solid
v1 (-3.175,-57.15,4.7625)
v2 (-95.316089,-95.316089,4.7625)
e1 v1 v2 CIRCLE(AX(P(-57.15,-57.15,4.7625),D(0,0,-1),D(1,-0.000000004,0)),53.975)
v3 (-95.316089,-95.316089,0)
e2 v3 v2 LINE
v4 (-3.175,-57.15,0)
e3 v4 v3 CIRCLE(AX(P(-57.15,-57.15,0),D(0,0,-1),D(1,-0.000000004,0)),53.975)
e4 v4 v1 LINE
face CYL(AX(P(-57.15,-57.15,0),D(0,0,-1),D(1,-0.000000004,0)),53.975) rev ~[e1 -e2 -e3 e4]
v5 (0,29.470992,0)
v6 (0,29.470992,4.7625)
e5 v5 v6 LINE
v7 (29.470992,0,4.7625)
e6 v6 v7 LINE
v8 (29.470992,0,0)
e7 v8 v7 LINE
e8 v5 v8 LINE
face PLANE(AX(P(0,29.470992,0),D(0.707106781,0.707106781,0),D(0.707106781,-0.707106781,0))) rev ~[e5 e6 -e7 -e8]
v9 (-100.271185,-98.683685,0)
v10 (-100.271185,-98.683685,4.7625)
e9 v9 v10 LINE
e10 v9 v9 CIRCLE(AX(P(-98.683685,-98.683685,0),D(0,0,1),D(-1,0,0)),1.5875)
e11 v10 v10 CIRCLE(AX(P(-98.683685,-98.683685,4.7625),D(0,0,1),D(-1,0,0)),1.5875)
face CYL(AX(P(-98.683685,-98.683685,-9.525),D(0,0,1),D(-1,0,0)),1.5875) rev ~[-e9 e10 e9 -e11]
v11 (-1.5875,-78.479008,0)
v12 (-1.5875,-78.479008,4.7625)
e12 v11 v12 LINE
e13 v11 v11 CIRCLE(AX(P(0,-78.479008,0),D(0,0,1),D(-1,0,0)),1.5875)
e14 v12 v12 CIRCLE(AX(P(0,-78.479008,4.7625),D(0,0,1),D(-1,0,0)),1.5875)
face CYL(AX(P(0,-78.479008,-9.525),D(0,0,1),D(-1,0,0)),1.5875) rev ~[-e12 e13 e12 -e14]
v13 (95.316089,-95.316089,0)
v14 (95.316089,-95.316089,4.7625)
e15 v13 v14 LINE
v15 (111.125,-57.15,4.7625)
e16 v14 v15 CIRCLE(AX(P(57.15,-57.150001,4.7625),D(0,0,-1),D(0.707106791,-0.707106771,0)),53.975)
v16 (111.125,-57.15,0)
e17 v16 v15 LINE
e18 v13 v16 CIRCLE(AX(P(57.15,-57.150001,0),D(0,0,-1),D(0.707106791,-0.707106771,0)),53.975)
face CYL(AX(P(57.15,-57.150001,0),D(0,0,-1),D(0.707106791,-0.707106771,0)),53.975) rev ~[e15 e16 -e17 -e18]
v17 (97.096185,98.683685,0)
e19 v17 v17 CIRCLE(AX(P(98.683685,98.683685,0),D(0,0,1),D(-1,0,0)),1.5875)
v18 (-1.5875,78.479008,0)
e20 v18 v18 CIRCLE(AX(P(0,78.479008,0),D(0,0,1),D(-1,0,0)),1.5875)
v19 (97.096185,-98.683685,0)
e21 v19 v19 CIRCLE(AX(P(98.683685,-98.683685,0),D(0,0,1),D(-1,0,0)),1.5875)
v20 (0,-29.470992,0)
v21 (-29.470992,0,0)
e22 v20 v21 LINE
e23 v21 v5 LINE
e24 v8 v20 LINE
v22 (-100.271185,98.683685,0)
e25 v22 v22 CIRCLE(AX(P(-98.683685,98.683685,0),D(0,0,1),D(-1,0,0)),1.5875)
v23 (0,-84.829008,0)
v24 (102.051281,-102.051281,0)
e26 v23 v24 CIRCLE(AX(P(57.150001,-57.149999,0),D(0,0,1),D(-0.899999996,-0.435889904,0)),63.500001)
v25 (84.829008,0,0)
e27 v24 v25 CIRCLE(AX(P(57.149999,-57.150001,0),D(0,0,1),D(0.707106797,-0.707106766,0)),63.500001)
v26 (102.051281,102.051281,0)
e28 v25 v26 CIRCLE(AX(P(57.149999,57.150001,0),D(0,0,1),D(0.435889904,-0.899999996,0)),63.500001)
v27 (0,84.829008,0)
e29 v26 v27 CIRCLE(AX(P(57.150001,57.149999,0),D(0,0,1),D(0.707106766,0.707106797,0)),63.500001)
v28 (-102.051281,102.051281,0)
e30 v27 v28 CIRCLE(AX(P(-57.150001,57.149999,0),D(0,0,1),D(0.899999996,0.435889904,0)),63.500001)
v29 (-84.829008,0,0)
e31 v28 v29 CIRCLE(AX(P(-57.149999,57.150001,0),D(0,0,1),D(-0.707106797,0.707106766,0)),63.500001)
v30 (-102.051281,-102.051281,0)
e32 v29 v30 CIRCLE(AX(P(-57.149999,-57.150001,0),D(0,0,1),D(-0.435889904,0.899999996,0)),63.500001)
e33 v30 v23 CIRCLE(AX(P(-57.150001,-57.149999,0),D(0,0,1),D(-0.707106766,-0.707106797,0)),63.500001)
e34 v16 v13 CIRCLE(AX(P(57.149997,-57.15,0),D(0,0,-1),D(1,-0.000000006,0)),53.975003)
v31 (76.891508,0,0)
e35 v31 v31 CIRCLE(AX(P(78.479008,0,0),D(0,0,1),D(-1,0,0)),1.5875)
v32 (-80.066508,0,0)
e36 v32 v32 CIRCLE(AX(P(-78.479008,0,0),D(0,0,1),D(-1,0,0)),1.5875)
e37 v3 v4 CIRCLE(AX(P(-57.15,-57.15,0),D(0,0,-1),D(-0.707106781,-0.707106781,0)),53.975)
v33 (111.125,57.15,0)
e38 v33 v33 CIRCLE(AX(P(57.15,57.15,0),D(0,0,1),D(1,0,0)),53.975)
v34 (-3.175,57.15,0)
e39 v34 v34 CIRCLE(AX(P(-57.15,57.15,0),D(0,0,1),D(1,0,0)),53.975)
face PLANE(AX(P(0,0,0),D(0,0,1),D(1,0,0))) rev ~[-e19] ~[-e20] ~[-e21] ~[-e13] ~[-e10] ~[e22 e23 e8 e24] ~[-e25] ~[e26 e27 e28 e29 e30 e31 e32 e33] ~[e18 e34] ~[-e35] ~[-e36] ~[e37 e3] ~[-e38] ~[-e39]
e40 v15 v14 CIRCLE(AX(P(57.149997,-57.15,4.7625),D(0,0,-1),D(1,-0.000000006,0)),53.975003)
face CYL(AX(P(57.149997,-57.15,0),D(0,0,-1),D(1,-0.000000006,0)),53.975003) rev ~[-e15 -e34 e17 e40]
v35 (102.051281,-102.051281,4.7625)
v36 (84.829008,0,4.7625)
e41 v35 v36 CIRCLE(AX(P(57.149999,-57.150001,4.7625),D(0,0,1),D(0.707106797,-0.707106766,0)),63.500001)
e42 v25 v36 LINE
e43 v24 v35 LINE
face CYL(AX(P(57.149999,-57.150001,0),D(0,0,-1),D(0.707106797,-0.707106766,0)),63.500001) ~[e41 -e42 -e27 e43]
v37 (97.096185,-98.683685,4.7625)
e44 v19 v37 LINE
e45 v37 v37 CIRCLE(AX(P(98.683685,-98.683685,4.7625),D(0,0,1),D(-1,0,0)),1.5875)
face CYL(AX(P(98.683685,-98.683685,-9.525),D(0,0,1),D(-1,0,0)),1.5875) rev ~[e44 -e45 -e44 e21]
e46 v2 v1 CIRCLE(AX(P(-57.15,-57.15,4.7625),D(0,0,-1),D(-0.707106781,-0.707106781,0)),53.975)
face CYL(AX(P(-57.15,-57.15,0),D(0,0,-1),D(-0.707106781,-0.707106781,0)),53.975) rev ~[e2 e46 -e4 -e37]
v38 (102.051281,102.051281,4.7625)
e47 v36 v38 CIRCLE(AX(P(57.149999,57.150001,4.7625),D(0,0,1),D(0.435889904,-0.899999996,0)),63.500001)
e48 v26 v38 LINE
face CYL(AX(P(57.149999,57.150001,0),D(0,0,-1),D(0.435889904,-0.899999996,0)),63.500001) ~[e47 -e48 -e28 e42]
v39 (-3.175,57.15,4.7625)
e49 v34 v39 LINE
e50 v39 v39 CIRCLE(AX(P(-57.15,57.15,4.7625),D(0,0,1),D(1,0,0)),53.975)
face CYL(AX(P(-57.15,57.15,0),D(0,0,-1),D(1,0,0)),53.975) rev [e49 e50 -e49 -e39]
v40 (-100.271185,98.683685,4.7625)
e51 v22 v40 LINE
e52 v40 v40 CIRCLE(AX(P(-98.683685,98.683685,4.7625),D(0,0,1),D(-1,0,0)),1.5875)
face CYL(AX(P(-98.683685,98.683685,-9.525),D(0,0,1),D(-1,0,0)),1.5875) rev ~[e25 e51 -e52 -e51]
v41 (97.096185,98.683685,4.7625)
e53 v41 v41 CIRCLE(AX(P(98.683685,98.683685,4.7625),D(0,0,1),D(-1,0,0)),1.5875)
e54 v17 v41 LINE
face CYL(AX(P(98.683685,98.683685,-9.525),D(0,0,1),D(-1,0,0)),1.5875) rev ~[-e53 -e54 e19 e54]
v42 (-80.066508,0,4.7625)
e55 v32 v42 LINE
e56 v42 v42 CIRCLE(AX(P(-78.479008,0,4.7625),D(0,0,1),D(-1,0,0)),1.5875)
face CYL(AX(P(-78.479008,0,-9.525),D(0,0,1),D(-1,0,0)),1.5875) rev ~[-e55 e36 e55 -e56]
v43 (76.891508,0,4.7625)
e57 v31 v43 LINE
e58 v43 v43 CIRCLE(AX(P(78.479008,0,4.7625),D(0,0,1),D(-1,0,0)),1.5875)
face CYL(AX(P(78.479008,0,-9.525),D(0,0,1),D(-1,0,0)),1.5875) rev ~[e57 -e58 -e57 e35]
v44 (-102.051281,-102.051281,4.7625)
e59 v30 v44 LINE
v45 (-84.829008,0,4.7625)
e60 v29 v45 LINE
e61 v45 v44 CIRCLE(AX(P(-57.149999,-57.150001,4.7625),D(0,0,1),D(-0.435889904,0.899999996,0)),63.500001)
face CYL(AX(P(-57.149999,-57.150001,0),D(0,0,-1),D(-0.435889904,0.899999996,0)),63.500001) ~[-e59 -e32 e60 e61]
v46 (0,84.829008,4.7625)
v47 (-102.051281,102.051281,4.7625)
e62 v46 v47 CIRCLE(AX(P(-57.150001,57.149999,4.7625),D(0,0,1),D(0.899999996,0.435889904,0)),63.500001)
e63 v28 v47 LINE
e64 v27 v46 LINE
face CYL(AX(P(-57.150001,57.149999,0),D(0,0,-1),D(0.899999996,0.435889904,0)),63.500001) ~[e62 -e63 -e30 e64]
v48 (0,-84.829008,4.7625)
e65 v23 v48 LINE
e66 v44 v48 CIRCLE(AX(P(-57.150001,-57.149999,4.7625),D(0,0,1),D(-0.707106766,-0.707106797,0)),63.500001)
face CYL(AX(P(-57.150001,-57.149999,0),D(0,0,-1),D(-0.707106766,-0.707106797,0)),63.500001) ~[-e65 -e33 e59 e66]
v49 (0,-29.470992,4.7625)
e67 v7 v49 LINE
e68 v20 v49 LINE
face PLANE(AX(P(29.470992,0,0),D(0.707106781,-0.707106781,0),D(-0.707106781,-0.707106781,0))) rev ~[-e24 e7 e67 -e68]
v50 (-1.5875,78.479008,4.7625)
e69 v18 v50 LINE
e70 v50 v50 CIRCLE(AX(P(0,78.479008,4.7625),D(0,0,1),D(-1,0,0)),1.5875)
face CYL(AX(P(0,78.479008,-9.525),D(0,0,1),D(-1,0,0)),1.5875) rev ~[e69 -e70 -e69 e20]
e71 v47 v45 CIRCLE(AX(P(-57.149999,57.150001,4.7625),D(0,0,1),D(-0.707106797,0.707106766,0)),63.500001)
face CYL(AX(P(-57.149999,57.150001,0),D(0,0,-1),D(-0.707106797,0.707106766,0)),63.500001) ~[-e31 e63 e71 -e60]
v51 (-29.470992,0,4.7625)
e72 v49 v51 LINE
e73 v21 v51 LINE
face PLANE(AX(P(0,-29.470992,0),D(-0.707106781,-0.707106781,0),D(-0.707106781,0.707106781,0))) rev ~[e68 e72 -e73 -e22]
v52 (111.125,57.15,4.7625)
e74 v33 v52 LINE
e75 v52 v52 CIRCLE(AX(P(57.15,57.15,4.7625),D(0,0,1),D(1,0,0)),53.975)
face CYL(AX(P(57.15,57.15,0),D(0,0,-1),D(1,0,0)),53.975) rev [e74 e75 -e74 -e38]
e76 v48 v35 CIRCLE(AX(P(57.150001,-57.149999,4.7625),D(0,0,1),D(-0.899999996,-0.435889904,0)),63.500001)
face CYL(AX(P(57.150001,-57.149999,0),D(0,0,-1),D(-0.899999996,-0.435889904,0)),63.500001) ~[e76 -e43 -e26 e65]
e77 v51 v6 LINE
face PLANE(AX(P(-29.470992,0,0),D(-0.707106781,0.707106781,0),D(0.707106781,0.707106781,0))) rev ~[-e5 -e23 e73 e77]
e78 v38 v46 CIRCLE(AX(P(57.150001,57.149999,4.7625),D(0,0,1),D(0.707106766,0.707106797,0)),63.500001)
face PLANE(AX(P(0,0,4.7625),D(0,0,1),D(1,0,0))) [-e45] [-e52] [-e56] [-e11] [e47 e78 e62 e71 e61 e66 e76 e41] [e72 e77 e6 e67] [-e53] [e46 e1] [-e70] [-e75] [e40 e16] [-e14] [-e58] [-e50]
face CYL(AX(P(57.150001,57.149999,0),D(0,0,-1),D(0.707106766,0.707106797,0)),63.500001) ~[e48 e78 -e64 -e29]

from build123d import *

# Parameters (mm, degrees)
F0_R     = 53.975
F1_DEPTH = 4.7625
F2_D     = 3.175
F2_DEPTH = 9.525


with BuildPart() as f1:
    # F0 (on Top) → F1 (new body)
    with BuildSketch(Plane.XY):
        with BuildLine():
            ThreePointArc((0, -84.829008), (46.583097, -119.764619), (102.051281, -102.051281))
            ThreePointArc((102.051281, -102.051281), (119.764619, -46.583097), (84.829008, 0))
            ThreePointArc((84.829008, 0), (119.764619, 46.583097), (102.051281, 102.051281))
            ThreePointArc((102.051281, 102.051281), (46.583097, 119.764619), (0, 84.829008))
            ThreePointArc((0, 84.829008), (-46.583097, 119.764619), (-102.051281, 102.051281))
            ThreePointArc((-102.051281, 102.051281), (-119.764619, 46.583097), (-84.829008, 0))
            ThreePointArc((-84.829008, 0), (-119.764619, -46.583097), (-102.051281, -102.051281))
            ThreePointArc((-102.051281, -102.051281), (-46.583097, -119.764619), (0, -84.829008))
        make_face()
        with BuildLine():
            ThreePointArc((-3.175, -57.15), (-36.494662, -107.016398), (-95.316089, -95.316089))
            ThreePointArc((-95.316089, -95.316089), (-77.805338, -7.283602), (-3.175, -57.15))
        make_face(mode=Mode.SUBTRACT)
        with BuildLine():
            ThreePointArc((95.316089, -95.316089), (7.283602, -36.494662), (111.125, -57.15))
            ThreePointArc((111.125, -57.15), (107.016398, -77.805338), (95.316089, -95.316089))
        make_face(mode=Mode.SUBTRACT)
        Polygon((-29.470992, 0), (0, 29.470992), (29.470992, 0), (0, -29.470992), align=None, mode=Mode.SUBTRACT)
        with Locations((-57.15, 57.15)):
            Circle(F0_R, mode=Mode.SUBTRACT)
        with Locations((57.15, 57.15)):
            Circle(F0_R, mode=Mode.SUBTRACT)
    extrude(amount=F1_DEPTH)

    # F2
    with Locations(Plane(origin=(0, 0, 0), x_dir=(1, 0, 0), z_dir=(0, 0, -1))):
        with Locations((-98.683685, -98.683685), (-78.479008, 0), (-98.683685, 98.683685), (0, 78.479008), (98.683685, 98.683685), (78.479008, 0), (98.683685, -98.683685), (0, -78.479008)):
            Hole(F2_D / 2, depth=F2_DEPTH)


solid = f1.part
